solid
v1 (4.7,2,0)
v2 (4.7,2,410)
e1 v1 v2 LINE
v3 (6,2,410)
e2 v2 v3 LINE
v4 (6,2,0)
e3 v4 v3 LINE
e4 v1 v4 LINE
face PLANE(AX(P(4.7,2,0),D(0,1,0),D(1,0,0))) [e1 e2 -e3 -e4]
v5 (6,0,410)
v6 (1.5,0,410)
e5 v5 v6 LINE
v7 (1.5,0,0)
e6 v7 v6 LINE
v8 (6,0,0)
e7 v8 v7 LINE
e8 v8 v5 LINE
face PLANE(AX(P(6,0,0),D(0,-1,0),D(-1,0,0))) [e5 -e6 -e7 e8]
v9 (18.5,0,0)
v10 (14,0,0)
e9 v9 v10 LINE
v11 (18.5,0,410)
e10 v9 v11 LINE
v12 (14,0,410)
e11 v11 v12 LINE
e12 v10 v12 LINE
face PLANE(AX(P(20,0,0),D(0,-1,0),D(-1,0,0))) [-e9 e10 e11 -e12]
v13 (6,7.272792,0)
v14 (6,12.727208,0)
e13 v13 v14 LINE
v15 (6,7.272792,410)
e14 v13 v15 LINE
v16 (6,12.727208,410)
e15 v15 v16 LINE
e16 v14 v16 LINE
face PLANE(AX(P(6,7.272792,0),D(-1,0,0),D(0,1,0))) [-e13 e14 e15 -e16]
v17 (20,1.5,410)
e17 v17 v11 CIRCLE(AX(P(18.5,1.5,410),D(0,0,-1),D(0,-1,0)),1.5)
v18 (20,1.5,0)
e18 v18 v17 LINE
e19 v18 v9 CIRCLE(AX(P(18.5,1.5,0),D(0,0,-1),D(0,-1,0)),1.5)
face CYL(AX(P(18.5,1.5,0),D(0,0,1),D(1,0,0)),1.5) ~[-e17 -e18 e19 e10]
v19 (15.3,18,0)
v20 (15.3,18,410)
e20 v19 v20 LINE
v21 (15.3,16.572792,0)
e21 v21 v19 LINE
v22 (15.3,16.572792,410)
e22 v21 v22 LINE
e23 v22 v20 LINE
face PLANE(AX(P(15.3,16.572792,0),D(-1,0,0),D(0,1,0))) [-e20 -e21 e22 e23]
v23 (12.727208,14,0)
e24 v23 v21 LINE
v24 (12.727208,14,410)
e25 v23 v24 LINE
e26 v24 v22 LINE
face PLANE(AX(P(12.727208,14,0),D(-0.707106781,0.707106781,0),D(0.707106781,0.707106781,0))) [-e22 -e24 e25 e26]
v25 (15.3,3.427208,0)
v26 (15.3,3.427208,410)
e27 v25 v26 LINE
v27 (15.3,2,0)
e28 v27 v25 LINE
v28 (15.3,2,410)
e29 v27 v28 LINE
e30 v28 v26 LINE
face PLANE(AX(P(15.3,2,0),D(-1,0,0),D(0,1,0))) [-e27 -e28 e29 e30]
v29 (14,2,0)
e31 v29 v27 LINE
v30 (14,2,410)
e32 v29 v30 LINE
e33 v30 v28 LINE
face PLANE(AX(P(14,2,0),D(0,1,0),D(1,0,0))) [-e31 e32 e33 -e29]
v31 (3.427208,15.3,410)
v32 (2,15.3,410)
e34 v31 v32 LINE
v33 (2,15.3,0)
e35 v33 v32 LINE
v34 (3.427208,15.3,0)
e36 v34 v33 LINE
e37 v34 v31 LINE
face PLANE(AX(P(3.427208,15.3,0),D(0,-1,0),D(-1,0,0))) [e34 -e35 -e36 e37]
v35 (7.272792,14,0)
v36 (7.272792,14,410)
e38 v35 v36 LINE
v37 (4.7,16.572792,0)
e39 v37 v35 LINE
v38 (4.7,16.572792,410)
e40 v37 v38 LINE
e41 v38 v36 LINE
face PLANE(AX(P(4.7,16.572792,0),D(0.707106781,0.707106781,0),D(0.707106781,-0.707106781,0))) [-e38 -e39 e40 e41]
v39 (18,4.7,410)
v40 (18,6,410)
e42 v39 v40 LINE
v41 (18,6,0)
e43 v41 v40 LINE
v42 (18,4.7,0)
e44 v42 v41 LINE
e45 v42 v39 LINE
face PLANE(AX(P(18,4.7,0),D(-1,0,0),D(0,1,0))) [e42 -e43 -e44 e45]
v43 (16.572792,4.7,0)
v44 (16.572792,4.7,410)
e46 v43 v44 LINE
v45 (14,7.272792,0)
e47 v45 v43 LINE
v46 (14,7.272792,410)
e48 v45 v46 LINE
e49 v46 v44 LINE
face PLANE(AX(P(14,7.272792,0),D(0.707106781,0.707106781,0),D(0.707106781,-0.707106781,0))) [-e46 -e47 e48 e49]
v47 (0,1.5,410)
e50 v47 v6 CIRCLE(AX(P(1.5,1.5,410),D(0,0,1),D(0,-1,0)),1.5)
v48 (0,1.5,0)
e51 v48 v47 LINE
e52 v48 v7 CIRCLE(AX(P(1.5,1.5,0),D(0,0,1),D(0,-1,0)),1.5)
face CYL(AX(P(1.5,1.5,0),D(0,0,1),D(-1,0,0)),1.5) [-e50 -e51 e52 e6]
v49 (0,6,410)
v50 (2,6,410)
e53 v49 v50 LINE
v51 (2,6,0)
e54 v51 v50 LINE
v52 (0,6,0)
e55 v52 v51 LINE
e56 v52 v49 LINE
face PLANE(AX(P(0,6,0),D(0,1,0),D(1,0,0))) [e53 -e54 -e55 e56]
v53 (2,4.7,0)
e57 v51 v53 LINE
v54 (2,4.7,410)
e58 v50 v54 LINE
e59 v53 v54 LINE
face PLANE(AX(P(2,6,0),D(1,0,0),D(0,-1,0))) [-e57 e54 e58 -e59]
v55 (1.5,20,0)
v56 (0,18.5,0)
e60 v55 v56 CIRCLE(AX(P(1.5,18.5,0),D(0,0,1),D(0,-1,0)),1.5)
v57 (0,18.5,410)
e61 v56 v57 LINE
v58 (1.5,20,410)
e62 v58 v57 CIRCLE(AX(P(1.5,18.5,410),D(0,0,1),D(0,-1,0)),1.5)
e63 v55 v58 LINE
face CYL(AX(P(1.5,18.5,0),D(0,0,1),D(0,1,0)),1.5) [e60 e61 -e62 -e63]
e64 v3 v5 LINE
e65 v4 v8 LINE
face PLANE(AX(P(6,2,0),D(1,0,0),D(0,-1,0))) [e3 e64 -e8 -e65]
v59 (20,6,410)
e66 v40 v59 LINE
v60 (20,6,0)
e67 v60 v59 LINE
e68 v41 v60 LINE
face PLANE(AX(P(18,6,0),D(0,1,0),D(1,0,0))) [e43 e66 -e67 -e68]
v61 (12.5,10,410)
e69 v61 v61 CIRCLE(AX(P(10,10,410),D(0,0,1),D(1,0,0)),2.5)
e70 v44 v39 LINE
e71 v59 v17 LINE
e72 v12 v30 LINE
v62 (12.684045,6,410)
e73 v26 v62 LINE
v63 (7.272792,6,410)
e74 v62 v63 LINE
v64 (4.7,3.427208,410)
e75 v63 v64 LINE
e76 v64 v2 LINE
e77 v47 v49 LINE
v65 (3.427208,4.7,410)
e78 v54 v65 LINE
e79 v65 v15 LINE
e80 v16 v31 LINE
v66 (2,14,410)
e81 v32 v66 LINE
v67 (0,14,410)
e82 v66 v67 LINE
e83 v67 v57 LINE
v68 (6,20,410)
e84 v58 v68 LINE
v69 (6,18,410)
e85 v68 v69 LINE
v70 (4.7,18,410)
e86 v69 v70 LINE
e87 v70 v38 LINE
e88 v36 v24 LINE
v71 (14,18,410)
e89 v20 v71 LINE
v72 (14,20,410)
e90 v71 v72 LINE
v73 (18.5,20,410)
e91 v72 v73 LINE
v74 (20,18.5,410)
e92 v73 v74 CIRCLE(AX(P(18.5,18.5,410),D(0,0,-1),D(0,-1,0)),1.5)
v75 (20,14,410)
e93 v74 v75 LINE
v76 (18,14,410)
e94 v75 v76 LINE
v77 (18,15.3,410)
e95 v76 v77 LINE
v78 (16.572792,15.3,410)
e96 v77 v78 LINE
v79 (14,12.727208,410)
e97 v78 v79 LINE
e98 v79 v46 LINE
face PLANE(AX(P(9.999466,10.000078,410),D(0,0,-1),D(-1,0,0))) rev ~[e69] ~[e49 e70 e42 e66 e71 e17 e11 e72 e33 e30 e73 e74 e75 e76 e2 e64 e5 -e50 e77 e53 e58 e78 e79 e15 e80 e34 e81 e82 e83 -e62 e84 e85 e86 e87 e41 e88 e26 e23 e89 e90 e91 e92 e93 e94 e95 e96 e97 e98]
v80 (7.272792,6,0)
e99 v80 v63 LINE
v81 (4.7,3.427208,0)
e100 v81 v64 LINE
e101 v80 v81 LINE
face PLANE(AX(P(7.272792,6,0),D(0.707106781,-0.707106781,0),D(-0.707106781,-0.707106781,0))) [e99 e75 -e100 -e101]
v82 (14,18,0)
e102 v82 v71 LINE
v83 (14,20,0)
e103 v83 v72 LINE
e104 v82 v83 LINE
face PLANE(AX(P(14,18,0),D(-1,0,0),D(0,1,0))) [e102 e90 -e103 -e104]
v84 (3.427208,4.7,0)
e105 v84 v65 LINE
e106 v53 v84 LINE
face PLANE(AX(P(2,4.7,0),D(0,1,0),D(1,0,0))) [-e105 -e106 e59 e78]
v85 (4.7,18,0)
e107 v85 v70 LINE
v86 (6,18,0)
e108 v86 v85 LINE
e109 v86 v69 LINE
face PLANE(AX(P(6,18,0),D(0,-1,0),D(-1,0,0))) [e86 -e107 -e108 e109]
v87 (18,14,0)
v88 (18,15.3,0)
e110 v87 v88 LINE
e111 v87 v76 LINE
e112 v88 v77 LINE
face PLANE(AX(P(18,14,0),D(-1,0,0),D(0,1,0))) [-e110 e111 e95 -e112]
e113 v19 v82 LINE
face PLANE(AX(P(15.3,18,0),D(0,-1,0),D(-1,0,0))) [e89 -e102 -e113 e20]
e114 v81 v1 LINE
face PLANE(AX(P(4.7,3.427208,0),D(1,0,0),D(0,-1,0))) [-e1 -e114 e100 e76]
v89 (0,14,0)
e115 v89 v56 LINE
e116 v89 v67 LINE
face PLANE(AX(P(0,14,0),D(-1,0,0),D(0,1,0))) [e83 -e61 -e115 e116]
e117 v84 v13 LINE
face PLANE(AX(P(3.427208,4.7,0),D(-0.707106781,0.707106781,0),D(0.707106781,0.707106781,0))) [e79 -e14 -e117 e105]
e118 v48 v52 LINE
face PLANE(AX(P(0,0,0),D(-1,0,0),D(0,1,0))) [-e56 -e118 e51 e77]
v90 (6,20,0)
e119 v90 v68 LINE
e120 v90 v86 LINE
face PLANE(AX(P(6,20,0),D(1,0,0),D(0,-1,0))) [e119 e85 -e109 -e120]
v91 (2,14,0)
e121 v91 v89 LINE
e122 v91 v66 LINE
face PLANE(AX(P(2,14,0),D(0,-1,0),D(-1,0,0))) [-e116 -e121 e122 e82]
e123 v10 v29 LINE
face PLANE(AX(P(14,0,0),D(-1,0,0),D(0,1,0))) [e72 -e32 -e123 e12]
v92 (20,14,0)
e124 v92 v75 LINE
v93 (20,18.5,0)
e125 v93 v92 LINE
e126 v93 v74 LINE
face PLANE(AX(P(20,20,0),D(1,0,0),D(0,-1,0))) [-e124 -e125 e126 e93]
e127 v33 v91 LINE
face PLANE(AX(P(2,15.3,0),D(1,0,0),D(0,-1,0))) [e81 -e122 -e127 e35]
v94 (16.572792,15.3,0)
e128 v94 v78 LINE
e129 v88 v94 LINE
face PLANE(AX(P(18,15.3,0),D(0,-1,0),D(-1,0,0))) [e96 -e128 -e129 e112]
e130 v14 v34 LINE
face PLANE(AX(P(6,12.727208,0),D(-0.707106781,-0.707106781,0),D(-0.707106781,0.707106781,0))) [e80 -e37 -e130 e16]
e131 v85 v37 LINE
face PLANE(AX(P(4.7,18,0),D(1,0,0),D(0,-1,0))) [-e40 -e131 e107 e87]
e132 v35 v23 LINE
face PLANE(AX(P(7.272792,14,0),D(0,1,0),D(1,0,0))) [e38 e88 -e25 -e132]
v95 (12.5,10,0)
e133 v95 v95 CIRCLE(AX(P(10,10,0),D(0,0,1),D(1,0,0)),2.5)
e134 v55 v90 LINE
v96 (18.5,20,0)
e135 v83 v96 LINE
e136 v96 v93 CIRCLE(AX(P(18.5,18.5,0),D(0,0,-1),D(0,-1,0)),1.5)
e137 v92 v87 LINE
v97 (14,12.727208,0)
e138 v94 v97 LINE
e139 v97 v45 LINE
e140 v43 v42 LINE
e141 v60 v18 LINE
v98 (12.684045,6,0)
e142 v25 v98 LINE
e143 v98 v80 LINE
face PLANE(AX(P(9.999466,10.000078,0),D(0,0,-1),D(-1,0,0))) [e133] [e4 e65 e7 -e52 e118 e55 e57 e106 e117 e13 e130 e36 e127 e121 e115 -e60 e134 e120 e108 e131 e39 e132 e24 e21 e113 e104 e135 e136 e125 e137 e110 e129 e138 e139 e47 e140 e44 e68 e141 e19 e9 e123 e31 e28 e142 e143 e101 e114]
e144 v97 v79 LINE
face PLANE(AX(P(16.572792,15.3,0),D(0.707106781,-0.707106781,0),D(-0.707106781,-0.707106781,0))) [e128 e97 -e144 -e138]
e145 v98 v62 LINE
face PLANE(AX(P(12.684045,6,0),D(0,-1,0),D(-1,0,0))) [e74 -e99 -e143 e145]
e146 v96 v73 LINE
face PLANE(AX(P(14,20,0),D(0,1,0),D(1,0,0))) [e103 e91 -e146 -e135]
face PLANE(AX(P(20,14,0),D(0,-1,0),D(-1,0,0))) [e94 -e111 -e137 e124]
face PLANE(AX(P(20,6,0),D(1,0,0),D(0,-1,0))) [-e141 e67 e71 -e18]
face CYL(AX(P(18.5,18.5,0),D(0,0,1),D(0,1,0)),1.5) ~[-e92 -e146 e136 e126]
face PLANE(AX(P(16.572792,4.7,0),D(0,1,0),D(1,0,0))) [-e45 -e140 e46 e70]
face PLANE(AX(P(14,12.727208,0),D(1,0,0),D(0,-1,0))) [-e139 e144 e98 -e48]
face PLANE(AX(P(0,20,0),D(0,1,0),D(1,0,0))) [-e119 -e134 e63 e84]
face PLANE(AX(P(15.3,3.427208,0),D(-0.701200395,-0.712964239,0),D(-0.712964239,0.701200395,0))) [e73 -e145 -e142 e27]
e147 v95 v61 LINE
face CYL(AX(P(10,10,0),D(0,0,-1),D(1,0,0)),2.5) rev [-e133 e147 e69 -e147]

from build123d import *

# Parameters (mm, degrees)
SKETCH_1_R      = 2.5
EXTRUDE_1_DEPTH = 410
FILLET_1_R      = 1.5


with BuildPart() as part:
    # Эскиз1 → Бобышка-Вытянуть1 (new body)
    with BuildSketch(Plane.XY):
        Polygon((14, 20), (20, 20), (20, 14), (18, 14), (18, 15.3), (16.572792206, 15.3), (14, 12.727207794), (14, 7.272792206), (16.572792206, 4.7), (18, 4.7), (18, 6), (20, 6), (20, 0), (14, 0), (14, 2), (15.3, 2), (15.3, 3.427207794), (12.684044775, 6), (7.272792206, 6), (4.7, 3.427207794), (4.7, 2), (6, 2), (6, 0), (0, 0), (0, 6), (2, 6), (2, 4.7), (3.427207794, 4.7), (6, 7.272792206), (6, 12.727207794), (3.427207794, 15.3), (2, 15.3), (2, 14), (0, 14), (0, 20), (6, 20), (6, 18), (4.7, 18), (4.7, 16.572792206), (7.272792206, 14), (12.727207794, 14), (15.3, 16.572792206), (15.3, 18), (14, 18), align=None)
        with Locations((10, 10)):
            Circle(SKETCH_1_R, mode=Mode.SUBTRACT)
    extrude(amount=EXTRUDE_1_DEPTH)

    # Скругление1
    fillet_1_edges = [part.edges().sort_by_distance(p)[0] for p in [
        (0, 20, 205),
        (20, 20, 205),
        (20, 0, 205),
        (0, 0, 205),
    ]]
    fillet(fillet_1_edges, radius=FILLET_1_R)


solid = part.part
